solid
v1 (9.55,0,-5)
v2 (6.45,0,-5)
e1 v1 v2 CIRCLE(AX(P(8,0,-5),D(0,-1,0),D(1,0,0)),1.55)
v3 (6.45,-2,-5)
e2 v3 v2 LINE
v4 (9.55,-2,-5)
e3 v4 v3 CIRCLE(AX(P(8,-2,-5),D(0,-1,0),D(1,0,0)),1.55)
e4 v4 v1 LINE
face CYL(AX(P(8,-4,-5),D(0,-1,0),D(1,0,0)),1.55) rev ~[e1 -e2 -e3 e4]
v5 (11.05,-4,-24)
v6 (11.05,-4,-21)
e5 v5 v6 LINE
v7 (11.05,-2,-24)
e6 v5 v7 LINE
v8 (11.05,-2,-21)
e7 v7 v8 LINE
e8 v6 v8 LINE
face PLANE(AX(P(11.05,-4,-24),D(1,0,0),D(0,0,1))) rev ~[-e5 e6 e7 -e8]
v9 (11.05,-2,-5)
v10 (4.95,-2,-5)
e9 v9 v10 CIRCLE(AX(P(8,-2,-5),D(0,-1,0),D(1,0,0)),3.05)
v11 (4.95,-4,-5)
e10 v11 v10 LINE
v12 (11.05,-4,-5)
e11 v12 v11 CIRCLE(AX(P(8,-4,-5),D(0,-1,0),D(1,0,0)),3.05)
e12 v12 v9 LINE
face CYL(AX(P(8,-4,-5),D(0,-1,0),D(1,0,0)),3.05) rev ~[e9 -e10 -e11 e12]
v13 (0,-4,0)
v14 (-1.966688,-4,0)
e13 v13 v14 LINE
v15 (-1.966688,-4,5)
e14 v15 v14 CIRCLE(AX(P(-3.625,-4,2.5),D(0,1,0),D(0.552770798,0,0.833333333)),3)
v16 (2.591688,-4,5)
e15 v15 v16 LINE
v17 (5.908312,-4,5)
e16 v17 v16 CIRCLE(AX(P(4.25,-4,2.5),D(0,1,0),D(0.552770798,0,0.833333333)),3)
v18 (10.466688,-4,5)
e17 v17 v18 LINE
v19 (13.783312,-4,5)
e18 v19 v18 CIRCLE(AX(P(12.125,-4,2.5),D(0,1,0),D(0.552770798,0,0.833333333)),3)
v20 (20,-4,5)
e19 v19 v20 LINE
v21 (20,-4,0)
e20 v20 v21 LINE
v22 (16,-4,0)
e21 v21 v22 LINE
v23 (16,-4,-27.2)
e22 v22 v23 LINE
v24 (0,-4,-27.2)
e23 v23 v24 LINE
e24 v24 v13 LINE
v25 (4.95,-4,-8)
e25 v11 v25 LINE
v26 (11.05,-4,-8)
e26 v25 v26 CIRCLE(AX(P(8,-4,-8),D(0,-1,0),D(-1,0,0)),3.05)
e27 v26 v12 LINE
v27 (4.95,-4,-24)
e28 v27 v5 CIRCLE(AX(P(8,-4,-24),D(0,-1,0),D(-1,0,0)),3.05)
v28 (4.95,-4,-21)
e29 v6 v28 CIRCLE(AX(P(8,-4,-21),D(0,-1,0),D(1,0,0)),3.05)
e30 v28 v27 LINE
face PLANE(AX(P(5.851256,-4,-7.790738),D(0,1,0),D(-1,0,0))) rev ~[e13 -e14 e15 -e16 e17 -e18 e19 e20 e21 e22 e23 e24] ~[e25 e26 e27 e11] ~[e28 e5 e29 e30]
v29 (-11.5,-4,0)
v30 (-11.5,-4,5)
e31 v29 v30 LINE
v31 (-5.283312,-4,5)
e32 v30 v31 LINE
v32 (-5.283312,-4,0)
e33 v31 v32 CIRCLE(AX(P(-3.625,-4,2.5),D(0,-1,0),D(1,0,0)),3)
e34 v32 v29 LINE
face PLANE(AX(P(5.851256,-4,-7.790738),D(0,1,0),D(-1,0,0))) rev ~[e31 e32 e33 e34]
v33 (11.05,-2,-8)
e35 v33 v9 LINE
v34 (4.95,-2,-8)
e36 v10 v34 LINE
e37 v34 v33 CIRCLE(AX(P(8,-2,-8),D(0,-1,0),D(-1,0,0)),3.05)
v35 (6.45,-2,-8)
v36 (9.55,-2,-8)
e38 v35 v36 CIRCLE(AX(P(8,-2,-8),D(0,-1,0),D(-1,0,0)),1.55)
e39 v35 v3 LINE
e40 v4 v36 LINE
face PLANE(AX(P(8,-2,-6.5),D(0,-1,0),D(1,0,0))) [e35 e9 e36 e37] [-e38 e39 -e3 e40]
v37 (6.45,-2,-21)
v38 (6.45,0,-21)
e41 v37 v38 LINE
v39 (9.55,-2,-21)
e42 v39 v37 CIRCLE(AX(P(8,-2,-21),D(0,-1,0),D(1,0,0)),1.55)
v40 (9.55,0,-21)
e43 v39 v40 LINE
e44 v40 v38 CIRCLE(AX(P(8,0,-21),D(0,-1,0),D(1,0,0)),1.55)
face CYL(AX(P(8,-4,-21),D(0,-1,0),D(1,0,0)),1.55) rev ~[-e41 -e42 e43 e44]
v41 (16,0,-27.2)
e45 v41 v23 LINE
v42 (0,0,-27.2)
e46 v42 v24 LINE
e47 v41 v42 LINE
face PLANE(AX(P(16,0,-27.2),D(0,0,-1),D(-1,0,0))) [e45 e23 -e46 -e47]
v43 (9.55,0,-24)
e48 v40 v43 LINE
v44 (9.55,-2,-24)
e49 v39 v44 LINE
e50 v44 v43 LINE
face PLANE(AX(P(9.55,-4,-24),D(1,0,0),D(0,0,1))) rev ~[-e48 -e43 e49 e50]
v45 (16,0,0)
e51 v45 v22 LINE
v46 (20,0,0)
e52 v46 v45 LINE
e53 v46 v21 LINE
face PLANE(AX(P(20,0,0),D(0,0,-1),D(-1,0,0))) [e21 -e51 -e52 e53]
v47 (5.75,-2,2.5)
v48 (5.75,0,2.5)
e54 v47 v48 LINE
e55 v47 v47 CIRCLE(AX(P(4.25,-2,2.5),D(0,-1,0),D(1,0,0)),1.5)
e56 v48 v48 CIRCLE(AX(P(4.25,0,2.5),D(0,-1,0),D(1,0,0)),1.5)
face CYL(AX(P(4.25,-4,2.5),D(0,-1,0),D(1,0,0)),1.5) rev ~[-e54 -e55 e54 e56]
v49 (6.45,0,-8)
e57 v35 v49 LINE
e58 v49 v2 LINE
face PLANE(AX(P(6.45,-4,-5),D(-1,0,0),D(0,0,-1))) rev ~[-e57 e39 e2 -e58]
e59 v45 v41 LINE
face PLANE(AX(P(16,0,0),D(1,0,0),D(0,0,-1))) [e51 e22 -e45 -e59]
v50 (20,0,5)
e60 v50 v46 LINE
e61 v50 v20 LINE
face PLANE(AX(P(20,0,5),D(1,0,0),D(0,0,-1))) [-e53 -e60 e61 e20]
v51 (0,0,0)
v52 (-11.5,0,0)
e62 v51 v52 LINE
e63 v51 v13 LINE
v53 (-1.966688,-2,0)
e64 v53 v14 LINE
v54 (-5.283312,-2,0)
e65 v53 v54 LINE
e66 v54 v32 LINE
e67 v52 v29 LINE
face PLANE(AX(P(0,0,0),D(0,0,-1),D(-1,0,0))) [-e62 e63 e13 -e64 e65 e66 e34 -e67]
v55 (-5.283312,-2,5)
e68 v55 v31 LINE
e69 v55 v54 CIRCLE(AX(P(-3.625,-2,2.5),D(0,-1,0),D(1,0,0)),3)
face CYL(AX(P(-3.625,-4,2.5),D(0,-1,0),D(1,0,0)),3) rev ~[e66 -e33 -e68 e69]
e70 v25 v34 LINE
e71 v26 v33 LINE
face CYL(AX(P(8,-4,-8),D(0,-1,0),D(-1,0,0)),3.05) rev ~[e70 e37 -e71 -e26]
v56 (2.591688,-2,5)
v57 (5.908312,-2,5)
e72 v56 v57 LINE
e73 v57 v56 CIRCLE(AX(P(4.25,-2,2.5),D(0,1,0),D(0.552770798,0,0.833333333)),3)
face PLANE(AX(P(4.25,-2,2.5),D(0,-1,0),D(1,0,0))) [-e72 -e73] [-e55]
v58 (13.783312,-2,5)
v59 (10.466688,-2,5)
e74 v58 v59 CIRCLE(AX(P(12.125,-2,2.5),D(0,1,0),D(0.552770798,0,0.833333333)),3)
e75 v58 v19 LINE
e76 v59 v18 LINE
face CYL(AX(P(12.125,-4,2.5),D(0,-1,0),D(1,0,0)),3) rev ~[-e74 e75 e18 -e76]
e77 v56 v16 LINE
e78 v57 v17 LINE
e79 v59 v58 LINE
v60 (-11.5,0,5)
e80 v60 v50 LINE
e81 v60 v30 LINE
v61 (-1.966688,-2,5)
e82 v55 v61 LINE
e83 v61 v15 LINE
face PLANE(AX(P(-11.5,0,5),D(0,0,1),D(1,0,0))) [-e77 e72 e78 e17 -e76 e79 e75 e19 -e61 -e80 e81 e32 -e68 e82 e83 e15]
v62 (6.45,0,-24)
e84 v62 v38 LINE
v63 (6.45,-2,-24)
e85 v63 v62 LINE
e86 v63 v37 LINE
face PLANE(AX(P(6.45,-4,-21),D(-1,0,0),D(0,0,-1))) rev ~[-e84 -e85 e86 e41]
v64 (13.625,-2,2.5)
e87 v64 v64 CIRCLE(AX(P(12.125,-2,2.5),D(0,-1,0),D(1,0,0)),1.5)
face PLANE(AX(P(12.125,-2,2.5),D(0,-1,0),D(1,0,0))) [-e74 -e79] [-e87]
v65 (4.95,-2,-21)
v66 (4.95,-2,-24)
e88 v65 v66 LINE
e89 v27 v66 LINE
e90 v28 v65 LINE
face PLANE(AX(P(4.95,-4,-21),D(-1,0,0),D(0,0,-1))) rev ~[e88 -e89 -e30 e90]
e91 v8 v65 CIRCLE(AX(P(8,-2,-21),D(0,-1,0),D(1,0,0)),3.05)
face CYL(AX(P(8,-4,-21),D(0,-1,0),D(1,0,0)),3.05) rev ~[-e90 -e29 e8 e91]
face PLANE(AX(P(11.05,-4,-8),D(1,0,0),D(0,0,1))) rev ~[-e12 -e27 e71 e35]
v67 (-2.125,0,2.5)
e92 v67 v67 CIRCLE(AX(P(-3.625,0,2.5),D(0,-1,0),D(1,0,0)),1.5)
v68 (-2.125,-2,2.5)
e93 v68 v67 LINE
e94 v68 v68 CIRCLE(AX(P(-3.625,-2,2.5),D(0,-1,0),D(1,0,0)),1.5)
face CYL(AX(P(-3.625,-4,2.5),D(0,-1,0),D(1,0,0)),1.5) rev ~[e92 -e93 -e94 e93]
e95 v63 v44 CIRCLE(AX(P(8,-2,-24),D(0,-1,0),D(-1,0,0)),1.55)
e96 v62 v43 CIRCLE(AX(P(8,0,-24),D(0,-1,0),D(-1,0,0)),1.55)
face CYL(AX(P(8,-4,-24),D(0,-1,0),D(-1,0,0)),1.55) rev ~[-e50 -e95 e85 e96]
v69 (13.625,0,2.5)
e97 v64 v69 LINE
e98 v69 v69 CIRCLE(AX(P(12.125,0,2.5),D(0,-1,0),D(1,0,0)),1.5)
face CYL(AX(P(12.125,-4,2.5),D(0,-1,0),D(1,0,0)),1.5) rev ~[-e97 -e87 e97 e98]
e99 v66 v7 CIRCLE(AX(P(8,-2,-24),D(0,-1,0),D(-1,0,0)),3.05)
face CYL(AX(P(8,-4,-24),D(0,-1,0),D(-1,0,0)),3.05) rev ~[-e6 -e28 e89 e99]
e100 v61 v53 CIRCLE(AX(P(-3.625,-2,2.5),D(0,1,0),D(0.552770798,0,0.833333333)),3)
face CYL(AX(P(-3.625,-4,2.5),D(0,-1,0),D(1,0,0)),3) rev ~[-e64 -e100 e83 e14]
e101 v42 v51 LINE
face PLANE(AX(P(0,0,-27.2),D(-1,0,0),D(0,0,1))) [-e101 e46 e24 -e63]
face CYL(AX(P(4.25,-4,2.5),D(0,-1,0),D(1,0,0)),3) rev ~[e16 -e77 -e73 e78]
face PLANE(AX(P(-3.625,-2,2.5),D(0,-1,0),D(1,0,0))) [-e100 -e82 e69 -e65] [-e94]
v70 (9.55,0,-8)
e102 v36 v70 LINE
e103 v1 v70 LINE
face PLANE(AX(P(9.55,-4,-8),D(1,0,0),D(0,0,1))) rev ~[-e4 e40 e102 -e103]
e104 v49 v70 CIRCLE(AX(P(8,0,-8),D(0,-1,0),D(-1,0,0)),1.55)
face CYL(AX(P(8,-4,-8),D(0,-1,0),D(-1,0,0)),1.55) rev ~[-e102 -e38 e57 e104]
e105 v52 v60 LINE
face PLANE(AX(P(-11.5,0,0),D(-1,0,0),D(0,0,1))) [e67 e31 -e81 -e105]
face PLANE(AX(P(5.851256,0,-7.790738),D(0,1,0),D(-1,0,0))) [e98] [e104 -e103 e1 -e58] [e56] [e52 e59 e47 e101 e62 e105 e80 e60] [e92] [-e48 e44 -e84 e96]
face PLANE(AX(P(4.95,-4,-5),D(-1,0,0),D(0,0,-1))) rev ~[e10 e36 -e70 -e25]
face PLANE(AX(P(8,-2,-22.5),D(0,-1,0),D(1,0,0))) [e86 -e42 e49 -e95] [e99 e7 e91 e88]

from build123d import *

# Parameters (mm, degrees)
PAD_DEPTH       = 4
SKETCH001_R     = 1.5
POCKET_DEPTH    = 4.001
POCKET001_DEPTH = 4.001
SKETCH003_R     = 3
POCKET002_DEPTH = 2


with BuildPart() as part:
    # Sketch → Pad (new body)
    with BuildSketch(Plane.XZ):
        Polygon((16, 0), (16, -27.2), (0, -27.2), (0, 0), (-11.5, 0), (-11.5, 5), (20, 5), (20, 0), align=None)
    extrude(amount=PAD_DEPTH)

    # Sketch001 (on Face10 of Pad) → Pocket (cut, through all)
    with BuildSketch(Plane.XZ.offset(4)):
        with Locations((-3.625, 2.5)):
            Circle(SKETCH001_R)
        with Locations((4.25, 2.5)):
            Circle(SKETCH001_R)
        with Locations((12.125, 2.5)):
            Circle(SKETCH001_R)
    extrude(amount=-POCKET_DEPTH, mode=Mode.SUBTRACT)

    # Sketch002 (on Face5 of Pocket) → Pocket001 (cut, through all)
    with BuildSketch(Plane.XZ.offset(4)):
        with BuildLine():
            ThreePointArc((9.55, -5), (8, -3.45), (6.45, -5))
            Line((6.45, -5), (6.45, -8))
            ThreePointArc((6.45, -8), (8, -9.55), (9.55, -8))
            Line((9.55, -8), (9.55, -5))
        make_face()
        with BuildLine():
            ThreePointArc((9.55, -21), (8, -19.45), (6.45, -21))
            Line((6.45, -21), (6.45, -24))
            ThreePointArc((6.45, -24), (8, -25.55), (9.55, -24))
            Line((9.55, -24), (9.55, -21))
        make_face()
    extrude(amount=-POCKET001_DEPTH, mode=Mode.SUBTRACT)

    # Sketch003 (on Face5 of Pocket001) → Pocket002 (cut)
    with BuildSketch(Plane.XZ.offset(4)):
        with Locations((-3.625, 2.5)):
            Circle(SKETCH003_R)
        with Locations((4.25, 2.5)):
            Circle(SKETCH003_R)
        with Locations((12.125, 2.5)):
            Circle(SKETCH003_R)
        with BuildLine():
            ThreePointArc((11.05, -5), (8, -1.95), (4.95, -5))
            Line((4.95, -5), (4.95, -8))
            ThreePointArc((4.95, -8), (8, -11.05), (11.05, -8))
            Line((11.05, -8), (11.05, -5))
        make_face()
        with BuildLine():
            ThreePointArc((11.05, -21), (8, -17.95), (4.95, -21))
            Line((4.95, -21), (4.95, -24))
            ThreePointArc((4.95, -24), (8, -27.05), (11.05, -24))
            Line((11.05, -24), (11.05, -21))
        make_face()
    extrude(amount=-POCKET002_DEPTH, mode=Mode.SUBTRACT)


solid = part.part
